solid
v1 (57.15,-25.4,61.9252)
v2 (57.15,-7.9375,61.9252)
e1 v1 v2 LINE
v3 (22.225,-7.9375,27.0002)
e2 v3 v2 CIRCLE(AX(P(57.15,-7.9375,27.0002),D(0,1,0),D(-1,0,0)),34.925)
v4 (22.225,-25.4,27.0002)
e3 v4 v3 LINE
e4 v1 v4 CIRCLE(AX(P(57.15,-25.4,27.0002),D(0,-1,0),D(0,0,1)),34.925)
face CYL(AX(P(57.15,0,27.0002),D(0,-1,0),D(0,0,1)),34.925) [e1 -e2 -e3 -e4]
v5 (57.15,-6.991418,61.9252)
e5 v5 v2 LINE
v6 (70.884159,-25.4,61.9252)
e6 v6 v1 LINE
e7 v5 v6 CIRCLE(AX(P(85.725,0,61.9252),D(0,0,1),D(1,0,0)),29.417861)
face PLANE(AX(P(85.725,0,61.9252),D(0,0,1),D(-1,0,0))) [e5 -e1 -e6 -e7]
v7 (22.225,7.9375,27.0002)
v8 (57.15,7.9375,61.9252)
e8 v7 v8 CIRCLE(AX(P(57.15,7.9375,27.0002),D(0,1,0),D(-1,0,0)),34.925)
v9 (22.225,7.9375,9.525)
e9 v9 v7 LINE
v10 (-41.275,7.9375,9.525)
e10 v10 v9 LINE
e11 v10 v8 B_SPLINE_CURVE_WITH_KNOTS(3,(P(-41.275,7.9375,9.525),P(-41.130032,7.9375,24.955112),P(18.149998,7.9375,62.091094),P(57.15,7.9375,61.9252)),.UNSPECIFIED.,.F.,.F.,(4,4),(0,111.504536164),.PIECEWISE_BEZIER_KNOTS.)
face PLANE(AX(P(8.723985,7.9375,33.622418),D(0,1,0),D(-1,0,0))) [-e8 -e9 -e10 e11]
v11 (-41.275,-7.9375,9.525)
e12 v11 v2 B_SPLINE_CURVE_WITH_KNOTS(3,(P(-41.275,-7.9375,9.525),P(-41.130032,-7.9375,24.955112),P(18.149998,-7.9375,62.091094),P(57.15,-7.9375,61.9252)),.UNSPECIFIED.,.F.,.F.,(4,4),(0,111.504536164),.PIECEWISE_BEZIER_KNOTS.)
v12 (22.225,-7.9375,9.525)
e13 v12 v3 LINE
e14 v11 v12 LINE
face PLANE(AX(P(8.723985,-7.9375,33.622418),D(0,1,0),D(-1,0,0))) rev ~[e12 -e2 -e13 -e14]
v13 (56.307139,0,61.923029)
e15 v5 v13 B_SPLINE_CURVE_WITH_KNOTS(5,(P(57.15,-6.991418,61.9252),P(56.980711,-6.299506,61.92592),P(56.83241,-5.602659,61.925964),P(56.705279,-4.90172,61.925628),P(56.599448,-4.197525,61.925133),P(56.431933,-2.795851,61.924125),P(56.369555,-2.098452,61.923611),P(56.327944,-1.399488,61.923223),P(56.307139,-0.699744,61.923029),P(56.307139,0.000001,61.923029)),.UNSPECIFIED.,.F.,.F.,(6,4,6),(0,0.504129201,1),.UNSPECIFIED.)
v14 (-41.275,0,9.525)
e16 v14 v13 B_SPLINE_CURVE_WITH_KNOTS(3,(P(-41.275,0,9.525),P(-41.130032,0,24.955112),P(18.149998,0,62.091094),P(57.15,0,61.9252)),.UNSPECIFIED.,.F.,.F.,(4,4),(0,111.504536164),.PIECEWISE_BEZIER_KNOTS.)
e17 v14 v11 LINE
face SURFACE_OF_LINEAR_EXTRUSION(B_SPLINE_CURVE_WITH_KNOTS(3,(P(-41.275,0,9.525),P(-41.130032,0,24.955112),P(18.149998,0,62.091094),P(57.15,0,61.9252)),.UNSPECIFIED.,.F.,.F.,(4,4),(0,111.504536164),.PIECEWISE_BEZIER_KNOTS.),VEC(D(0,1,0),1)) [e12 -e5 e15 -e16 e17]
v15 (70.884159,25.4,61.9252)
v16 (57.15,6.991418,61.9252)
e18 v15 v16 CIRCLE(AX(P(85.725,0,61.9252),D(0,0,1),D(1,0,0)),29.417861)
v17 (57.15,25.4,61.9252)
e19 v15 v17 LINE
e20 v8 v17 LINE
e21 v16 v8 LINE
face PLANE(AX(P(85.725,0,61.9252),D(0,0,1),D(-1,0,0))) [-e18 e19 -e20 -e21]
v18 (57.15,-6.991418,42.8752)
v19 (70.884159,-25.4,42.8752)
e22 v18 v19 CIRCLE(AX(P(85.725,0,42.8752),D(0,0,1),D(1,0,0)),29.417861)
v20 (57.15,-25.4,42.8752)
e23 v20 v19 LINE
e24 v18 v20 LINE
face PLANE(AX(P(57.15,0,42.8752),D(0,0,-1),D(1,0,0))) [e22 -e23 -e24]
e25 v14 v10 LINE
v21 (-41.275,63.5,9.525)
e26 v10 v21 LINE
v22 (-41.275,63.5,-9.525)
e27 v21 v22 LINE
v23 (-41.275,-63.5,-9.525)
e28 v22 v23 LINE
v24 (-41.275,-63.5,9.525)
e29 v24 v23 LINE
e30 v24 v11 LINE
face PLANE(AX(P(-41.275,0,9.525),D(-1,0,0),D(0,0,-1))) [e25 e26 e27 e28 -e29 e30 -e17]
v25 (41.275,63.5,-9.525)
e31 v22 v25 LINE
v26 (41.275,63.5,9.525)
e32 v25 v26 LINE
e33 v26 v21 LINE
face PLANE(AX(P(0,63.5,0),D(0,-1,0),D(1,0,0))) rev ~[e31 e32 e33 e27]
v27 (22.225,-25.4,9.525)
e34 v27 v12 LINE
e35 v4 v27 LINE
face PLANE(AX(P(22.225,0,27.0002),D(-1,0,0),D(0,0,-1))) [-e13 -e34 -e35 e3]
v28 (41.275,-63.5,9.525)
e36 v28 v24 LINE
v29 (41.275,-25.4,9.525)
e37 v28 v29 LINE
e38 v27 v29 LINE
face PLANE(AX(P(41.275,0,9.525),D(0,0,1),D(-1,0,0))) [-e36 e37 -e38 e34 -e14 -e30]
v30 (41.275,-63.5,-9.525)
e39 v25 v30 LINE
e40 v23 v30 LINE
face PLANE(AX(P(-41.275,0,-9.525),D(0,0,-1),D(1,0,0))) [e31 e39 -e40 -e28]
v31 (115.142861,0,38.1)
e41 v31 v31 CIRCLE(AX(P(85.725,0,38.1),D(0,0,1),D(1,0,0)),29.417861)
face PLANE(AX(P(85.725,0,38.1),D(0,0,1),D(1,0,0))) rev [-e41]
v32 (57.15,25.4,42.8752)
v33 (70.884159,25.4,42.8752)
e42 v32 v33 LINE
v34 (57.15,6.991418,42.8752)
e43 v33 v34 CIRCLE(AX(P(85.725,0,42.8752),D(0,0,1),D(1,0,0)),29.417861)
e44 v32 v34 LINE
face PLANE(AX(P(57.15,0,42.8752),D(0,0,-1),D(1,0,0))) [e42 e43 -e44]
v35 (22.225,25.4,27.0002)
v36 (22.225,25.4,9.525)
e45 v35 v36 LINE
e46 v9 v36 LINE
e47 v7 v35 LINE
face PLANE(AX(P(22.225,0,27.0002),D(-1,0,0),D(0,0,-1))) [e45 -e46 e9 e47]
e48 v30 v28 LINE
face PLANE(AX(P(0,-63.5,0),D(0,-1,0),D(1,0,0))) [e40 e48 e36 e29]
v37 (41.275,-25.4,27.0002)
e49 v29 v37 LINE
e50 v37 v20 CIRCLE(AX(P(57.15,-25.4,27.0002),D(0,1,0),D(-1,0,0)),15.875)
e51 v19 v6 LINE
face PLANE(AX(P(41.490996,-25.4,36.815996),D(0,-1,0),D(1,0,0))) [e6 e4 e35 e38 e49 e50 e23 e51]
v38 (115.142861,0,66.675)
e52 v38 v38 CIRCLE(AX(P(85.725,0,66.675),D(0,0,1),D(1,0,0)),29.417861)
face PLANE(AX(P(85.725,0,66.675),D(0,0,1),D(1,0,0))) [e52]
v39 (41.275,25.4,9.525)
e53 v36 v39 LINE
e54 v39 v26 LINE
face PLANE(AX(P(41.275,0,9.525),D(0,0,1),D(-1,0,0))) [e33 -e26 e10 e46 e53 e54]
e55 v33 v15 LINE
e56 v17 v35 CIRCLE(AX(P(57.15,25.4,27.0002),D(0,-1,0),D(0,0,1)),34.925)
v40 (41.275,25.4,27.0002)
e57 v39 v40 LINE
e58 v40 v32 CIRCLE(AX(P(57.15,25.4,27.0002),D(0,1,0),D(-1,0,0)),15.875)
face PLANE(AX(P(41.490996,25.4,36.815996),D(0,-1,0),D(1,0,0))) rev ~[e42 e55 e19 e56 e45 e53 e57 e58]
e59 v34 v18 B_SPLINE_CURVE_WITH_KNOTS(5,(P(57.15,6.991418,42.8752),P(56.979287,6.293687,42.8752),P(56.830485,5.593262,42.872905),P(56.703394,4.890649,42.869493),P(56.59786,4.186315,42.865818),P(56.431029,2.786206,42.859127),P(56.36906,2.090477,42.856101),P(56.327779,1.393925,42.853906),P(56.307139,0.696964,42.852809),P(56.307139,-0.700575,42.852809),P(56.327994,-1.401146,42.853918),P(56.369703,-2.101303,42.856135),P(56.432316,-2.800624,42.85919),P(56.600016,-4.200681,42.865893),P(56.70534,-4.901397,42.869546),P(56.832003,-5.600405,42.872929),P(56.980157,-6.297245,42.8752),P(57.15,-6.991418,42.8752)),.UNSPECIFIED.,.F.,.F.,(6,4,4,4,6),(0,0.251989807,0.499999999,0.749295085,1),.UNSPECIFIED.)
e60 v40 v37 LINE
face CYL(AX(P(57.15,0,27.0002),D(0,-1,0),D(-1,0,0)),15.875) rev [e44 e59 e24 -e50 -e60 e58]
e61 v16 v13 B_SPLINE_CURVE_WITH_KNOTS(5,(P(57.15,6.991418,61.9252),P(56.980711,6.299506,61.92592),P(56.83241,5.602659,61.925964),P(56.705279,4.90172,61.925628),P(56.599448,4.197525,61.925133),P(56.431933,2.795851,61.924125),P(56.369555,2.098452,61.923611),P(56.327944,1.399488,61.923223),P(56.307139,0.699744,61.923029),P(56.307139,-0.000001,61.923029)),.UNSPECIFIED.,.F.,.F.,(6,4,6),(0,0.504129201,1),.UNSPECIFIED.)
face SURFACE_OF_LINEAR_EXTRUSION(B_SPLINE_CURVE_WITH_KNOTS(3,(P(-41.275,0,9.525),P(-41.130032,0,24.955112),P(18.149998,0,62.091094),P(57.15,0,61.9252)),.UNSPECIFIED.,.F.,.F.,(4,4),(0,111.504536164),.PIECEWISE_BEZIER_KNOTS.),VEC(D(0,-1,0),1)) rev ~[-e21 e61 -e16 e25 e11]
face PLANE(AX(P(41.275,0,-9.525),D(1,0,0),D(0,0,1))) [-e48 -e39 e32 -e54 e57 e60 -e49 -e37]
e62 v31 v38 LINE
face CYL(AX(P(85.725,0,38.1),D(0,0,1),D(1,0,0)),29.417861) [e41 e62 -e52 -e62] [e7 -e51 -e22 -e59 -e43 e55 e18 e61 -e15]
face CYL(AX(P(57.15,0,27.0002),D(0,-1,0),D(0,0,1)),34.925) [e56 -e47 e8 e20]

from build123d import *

# Parameters (mm, degrees)
F1_DEPTH = 63.5
F0_W     = 21.3821388448
F0_H     = 19.05
F2_DEPTH = 25.4
F3_DEPTH = 7.9375


with BuildPart() as f1:
    # F0 (on Front) → F1 (new body, symmetric)
    with BuildSketch(Plane.XZ):
        Polygon((-41.275, 9.525), (-41.275, -9.525), (41.275, -9.525), (41.275, 9.525), (22.225, 9.525), align=None)
    extrude(amount=F1_DEPTH, both=True)

    # F0 (on Front) → F2 (join, symmetric)
    with BuildSketch(Plane.XZ):
        with BuildLine():
            Line((22.225, 9.525), (41.275, 9.525))
            Line((41.275, 9.525), (41.275, 27.0002))
            ThreePointArc((41.275, 27.0002), (45.9246798487, 38.2255201513), (57.15, 42.8752))
            Line((57.15, 42.8752), (64.3428611552, 42.8752))
            Line((64.3428611552, 42.8752), (64.3428611552, 61.9252))
            Line((64.3428611552, 61.9252), (57.15, 61.9252))
            ThreePointArc((57.15, 61.9252), (32.4542956671, 51.6959043329), (22.225, 27.0002))
            Line((22.225, 27.0002), (22.225, 9.525))
        make_face()
        with Locations((75.0339305776, 52.4002)):
            Rectangle(F0_W, F0_H)
    extrude(amount=F2_DEPTH, both=True)

    # F0 (on Front) → F3 (join, symmetric)
    with BuildSketch(Plane.XZ):
        with BuildLine():
            add(Edge.make_bspline(
                [(-41.275, 9.525), (-41.1300323904, 24.9551124871), (18.149998039, 62.0910935104), (57.15, 61.9252)],
                knots=[0, 0, 0, 0, 111.5045361635, 111.5045361635, 111.5045361635, 111.5045361635], degree=3))
            Line((-41.275, 9.525), (22.225, 9.525))
            Line((22.225, 9.525), (22.225, 27.0002))
            ThreePointArc((22.225, 27.0002), (32.4542956671, 51.6959043329), (57.15, 61.9252))
        make_face()
    extrude(amount=F3_DEPTH, both=True)

    # F0 (on Front) → F4 (revolve)
    with BuildSketch(Plane.XZ):
        Polygon((85.725, 66.675), (85.725, 61.9252), (85.725, 42.8752), (85.725, 38.1), (115.1428611552, 38.1), (115.1428611552, 66.675), align=None)
    revolve(axis=Axis((85.725, 0, 52.3875), (0, 0, 1)))


solid = f1.part
